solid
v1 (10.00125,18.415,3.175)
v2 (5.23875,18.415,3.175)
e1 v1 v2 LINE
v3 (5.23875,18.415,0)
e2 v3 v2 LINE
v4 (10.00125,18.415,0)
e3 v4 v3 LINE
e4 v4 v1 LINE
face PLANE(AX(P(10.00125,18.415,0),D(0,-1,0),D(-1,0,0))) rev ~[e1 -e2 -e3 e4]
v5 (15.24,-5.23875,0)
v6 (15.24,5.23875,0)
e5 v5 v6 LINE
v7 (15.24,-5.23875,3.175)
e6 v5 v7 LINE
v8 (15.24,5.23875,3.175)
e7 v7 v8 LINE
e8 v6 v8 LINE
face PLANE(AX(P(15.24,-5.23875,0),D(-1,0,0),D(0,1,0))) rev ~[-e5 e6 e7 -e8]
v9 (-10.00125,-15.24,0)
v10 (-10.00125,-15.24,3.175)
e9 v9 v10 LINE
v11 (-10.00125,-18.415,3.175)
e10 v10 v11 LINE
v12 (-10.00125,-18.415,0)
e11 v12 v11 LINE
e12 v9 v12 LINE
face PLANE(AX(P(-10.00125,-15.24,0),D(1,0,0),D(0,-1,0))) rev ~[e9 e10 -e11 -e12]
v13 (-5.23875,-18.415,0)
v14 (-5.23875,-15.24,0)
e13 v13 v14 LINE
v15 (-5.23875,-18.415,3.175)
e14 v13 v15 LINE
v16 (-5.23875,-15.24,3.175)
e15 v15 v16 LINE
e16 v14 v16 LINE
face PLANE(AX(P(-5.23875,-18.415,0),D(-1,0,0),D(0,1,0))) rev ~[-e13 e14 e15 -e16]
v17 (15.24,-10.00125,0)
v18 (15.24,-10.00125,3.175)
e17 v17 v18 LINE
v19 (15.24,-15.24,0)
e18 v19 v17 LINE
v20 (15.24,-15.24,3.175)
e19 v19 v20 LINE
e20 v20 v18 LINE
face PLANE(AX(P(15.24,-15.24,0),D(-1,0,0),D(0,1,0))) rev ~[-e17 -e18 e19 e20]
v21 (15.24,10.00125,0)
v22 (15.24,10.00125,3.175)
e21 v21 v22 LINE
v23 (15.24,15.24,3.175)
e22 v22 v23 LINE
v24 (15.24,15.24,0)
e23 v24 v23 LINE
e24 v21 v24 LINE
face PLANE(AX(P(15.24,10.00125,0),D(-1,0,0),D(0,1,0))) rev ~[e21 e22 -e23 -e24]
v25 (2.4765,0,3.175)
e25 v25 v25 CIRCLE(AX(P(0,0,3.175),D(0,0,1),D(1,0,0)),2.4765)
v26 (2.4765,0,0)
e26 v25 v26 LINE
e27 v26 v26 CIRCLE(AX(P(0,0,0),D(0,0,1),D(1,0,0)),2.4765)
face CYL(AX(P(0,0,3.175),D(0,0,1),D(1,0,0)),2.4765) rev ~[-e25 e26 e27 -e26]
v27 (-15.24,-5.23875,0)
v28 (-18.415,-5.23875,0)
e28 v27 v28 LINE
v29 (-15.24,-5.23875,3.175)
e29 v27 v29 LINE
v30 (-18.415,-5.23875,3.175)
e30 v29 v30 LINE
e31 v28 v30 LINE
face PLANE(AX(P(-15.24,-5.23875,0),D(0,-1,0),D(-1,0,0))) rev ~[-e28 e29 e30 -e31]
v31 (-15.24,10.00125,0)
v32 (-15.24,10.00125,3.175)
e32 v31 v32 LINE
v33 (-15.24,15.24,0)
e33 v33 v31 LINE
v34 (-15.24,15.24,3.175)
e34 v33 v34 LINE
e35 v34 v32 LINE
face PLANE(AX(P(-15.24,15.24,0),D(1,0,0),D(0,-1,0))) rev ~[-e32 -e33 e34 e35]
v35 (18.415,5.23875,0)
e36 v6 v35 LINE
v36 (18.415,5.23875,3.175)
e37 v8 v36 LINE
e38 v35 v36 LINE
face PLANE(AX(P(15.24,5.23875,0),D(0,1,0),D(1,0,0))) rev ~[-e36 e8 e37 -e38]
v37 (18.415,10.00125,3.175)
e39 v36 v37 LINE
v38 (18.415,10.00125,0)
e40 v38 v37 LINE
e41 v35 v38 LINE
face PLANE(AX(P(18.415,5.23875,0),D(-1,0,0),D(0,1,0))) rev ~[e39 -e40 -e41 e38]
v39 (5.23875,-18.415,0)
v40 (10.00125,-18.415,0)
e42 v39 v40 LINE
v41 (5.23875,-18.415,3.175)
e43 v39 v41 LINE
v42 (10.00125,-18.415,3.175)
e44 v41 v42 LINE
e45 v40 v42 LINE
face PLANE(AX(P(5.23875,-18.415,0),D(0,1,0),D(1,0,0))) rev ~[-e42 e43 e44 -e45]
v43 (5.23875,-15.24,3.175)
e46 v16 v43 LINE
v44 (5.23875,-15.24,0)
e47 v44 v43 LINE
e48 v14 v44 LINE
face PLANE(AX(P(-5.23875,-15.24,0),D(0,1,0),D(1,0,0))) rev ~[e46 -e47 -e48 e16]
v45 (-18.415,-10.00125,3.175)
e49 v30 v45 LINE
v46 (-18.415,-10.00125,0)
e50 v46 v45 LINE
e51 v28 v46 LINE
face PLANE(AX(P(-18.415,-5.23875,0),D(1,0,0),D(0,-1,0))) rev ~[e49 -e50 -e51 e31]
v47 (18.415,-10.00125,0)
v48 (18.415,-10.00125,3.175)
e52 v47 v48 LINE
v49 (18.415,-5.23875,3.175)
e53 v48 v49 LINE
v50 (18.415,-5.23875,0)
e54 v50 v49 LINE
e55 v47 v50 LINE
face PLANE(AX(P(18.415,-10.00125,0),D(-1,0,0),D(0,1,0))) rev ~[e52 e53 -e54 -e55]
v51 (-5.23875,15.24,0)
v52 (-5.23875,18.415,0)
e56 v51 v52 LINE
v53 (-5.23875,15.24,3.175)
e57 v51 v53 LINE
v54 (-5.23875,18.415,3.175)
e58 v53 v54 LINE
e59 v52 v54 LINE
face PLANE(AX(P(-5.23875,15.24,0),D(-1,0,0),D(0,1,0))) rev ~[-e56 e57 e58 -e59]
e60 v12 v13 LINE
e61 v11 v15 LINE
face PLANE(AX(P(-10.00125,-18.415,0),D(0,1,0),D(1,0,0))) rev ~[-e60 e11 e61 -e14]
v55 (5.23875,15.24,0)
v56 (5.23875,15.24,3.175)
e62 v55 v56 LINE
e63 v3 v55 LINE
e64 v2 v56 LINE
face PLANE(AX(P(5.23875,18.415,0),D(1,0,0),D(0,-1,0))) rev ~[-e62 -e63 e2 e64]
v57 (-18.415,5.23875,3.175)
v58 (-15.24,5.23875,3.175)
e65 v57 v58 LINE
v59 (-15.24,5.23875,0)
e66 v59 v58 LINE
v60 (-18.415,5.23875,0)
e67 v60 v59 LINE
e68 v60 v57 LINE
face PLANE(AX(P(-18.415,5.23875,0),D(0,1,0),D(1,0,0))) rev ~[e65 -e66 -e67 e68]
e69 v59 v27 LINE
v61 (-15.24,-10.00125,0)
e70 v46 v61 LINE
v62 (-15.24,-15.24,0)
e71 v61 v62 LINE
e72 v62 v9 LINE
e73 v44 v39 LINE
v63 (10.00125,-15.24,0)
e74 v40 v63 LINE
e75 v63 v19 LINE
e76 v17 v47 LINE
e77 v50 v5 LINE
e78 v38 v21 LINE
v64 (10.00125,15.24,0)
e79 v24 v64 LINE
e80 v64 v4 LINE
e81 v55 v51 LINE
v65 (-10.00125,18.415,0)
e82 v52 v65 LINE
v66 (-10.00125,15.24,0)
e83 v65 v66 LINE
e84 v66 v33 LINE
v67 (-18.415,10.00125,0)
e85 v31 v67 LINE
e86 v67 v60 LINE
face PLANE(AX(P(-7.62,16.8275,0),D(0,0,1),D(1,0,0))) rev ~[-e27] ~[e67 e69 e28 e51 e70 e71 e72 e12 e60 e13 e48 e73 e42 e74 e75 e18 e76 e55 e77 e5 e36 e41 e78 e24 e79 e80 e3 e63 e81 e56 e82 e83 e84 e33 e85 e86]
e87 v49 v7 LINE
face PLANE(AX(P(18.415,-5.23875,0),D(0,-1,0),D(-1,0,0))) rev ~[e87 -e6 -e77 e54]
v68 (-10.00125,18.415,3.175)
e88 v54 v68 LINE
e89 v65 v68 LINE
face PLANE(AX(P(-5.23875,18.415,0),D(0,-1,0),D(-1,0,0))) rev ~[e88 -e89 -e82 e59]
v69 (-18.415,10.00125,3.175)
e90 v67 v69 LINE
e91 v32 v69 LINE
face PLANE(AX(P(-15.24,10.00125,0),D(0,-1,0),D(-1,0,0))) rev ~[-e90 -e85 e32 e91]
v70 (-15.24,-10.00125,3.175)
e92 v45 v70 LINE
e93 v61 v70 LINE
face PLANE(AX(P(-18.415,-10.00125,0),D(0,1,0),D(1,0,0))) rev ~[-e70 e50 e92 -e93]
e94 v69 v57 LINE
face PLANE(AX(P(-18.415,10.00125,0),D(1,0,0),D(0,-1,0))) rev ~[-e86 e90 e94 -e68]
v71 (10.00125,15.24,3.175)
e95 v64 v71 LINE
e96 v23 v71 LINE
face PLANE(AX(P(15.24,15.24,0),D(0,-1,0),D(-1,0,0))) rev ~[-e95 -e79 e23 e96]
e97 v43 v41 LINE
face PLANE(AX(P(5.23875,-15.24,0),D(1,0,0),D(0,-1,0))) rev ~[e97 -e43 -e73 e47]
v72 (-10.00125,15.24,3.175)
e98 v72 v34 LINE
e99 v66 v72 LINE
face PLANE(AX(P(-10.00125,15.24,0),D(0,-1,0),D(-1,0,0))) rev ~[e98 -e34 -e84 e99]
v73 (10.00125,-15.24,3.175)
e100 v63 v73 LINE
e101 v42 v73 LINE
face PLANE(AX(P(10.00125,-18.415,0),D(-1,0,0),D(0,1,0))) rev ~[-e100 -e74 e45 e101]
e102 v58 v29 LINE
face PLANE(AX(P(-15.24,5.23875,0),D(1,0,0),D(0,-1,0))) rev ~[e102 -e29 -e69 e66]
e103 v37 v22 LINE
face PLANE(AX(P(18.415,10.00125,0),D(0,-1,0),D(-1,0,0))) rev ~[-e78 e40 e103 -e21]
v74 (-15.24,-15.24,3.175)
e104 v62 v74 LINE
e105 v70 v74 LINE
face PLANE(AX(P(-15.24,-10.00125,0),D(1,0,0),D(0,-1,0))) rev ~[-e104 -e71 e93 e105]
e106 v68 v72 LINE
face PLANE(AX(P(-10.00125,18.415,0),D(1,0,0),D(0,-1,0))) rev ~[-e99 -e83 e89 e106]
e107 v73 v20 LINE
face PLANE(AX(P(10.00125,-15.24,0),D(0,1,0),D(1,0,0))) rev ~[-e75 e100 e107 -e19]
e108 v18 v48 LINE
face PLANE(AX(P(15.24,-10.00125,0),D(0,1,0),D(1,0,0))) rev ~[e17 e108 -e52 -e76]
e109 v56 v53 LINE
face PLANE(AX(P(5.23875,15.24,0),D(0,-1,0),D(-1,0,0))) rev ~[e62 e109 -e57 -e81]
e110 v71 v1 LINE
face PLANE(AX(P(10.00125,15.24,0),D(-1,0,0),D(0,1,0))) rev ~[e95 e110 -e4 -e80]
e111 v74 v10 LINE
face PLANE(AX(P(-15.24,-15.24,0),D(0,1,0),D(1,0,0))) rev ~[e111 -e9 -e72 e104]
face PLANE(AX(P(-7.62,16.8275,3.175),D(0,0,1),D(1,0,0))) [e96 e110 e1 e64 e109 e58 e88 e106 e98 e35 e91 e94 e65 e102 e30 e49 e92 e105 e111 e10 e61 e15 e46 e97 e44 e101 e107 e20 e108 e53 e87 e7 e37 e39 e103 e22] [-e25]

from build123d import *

# Parameters (mm, degrees)
F0_W     = 2.38125
F0_H     = 3.175
F0_W_2   = 3.175
F0_H_2   = 2.38125
F0_W_3   = 7.62
F0_H_3   = 7.62
F1_DEPTH = 3.175
F2_R     = 2.4765
F3_DEPTH = 25.4


with BuildPart() as f1:
    # F0 (on Top) → F1 (new body)
    with BuildSketch(Plane.XY):
        Polygon((-7.62, 15.24), (-5.23875, 15.24), (-5.23875, 18.415), (-10.00125, 18.415), (-10.00125, 15.24), align=None)
        with Locations((-8.810625, 13.6525)):
            Rectangle(F0_W, F0_H)
        with Locations((-6.429375, 13.6525)):
            Rectangle(F0_W, F0_H)
        Polygon((0, 7.62), (0, 15.24), (-5.23875, 15.24), (-5.23875, 12.065), (-7.62, 12.065), (-7.62, 7.62), align=None)
        Polygon((-12.065, 7.62), (-7.62, 7.62), (-7.62, 12.065), (-10.00125, 12.065), (-10.00125, 15.24), (-15.24, 15.24), (-15.24, 10.00125), (-12.065, 10.00125), align=None)
        with Locations((-13.6525, 8.810625)):
            Rectangle(F0_W_2, F0_H_2)
        with Locations((-13.6525, 6.429375)):
            Rectangle(F0_W_2, F0_H_2)
        Polygon((-15.24, 5.23875), (-15.24, 7.62), (-15.24, 10.00125), (-18.415, 10.00125), (-18.415, 5.23875), align=None)
        Polygon((-7.62, 0), (-7.62, 7.62), (-12.065, 7.62), (-12.065, 5.23875), (-15.24, 5.23875), (-15.24, 0), align=None)
        with Locations((-3.81, 3.81)):
            Rectangle(F0_W_3, F0_H_3)
        with Locations((3.81, 3.81)):
            Rectangle(F0_W_3, F0_H_3)
        Polygon((5.23875, 12.065), (5.23875, 15.24), (0, 15.24), (0, 7.62), (7.62, 7.62), (7.62, 12.065), align=None)
        with Locations((6.429375, 13.6525)):
            Rectangle(F0_W, F0_H)
        with Locations((8.810625, 13.6525)):
            Rectangle(F0_W, F0_H)
        Polygon((7.62, 15.24), (10.00125, 15.24), (10.00125, 18.415), (5.23875, 18.415), (5.23875, 15.24), align=None)
        Polygon((15.24, 0), (15.24, 5.23875), (12.065, 5.23875), (12.065, 7.62), (7.62, 7.62), (7.62, 0), align=None)
        Polygon((15.24, 10.00125), (15.24, 15.24), (10.00125, 15.24), (10.00125, 12.065), (7.62, 12.065), (7.62, 7.62), (12.065, 7.62), (12.065, 10.00125), align=None)
        with Locations((13.6525, 8.810625)):
            Rectangle(F0_W_2, F0_H_2)
        with Locations((13.6525, 6.429375)):
            Rectangle(F0_W_2, F0_H_2)
        Polygon((18.415, 10.00125), (15.24, 10.00125), (15.24, 7.62), (15.24, 5.23875), (18.415, 5.23875), align=None)
        Polygon((15.24, -5.23875), (15.24, 0), (7.62, 0), (7.62, -7.62), (12.065, -7.62), (12.065, -5.23875), align=None)
        with Locations((13.6525, -6.429375)):
            Rectangle(F0_W_2, F0_H_2)
        Polygon((12.065, -7.62), (7.62, -7.62), (7.62, -12.065), (10.00125, -12.065), (10.00125, -15.24), (15.24, -15.24), (15.24, -10.00125), (12.065, -10.00125), align=None)
        Polygon((18.415, -5.23875), (15.24, -5.23875), (15.24, -7.62), (15.24, -10.00125), (18.415, -10.00125), align=None)
        with Locations((13.6525, -8.810625)):
            Rectangle(F0_W_2, F0_H_2)
        with Locations((6.429375, -13.6525)):
            Rectangle(F0_W, F0_H)
        with Locations((8.810625, -13.6525)):
            Rectangle(F0_W, F0_H)
        Polygon((10.00125, -15.24), (7.62, -15.24), (5.23875, -15.24), (5.23875, -18.415), (10.00125, -18.415), align=None)
        Polygon((7.62, -12.065), (7.62, -7.62), (0, -7.62), (0, -15.24), (5.23875, -15.24), (5.23875, -12.065), align=None)
        with Locations((3.81, -3.81)):
            Rectangle(F0_W_3, F0_H_3)
        with Locations((-3.81, -3.81)):
            Rectangle(F0_W_3, F0_H_3)
        Polygon((-7.62, -7.62), (-7.62, 0), (-15.24, 0), (-15.24, -5.23875), (-12.065, -5.23875), (-12.065, -7.62), align=None)
        with Locations((-13.6525, -6.429375)):
            Rectangle(F0_W_2, F0_H_2)
        with Locations((-13.6525, -8.810625)):
            Rectangle(F0_W_2, F0_H_2)
        Polygon((-15.24, -7.62), (-15.24, -5.23875), (-18.415, -5.23875), (-18.415, -10.00125), (-15.24, -10.00125), align=None)
        Polygon((-7.62, -12.065), (-7.62, -7.62), (-12.065, -7.62), (-12.065, -10.00125), (-15.24, -10.00125), (-15.24, -15.24), (-10.00125, -15.24), (-10.00125, -12.065), align=None)
        Polygon((0, -15.24), (0, -7.62), (-7.62, -7.62), (-7.62, -12.065), (-5.23875, -12.065), (-5.23875, -15.24), align=None)
        with Locations((-6.429375, -13.6525)):
            Rectangle(F0_W, F0_H)
        with Locations((-8.810625, -13.6525)):
            Rectangle(F0_W, F0_H)
        Polygon((-5.23875, -18.415), (-5.23875, -15.24), (-7.62, -15.24), (-10.00125, -15.24), (-10.00125, -18.415), align=None)
    extrude(amount=F1_DEPTH)

    # F2 (on face) → F3 (cut)
    with BuildSketch(Plane.XY.offset(3.175)):
        Circle(F2_R)
    extrude(amount=-F3_DEPTH, mode=Mode.SUBTRACT)


solid = f1.part
